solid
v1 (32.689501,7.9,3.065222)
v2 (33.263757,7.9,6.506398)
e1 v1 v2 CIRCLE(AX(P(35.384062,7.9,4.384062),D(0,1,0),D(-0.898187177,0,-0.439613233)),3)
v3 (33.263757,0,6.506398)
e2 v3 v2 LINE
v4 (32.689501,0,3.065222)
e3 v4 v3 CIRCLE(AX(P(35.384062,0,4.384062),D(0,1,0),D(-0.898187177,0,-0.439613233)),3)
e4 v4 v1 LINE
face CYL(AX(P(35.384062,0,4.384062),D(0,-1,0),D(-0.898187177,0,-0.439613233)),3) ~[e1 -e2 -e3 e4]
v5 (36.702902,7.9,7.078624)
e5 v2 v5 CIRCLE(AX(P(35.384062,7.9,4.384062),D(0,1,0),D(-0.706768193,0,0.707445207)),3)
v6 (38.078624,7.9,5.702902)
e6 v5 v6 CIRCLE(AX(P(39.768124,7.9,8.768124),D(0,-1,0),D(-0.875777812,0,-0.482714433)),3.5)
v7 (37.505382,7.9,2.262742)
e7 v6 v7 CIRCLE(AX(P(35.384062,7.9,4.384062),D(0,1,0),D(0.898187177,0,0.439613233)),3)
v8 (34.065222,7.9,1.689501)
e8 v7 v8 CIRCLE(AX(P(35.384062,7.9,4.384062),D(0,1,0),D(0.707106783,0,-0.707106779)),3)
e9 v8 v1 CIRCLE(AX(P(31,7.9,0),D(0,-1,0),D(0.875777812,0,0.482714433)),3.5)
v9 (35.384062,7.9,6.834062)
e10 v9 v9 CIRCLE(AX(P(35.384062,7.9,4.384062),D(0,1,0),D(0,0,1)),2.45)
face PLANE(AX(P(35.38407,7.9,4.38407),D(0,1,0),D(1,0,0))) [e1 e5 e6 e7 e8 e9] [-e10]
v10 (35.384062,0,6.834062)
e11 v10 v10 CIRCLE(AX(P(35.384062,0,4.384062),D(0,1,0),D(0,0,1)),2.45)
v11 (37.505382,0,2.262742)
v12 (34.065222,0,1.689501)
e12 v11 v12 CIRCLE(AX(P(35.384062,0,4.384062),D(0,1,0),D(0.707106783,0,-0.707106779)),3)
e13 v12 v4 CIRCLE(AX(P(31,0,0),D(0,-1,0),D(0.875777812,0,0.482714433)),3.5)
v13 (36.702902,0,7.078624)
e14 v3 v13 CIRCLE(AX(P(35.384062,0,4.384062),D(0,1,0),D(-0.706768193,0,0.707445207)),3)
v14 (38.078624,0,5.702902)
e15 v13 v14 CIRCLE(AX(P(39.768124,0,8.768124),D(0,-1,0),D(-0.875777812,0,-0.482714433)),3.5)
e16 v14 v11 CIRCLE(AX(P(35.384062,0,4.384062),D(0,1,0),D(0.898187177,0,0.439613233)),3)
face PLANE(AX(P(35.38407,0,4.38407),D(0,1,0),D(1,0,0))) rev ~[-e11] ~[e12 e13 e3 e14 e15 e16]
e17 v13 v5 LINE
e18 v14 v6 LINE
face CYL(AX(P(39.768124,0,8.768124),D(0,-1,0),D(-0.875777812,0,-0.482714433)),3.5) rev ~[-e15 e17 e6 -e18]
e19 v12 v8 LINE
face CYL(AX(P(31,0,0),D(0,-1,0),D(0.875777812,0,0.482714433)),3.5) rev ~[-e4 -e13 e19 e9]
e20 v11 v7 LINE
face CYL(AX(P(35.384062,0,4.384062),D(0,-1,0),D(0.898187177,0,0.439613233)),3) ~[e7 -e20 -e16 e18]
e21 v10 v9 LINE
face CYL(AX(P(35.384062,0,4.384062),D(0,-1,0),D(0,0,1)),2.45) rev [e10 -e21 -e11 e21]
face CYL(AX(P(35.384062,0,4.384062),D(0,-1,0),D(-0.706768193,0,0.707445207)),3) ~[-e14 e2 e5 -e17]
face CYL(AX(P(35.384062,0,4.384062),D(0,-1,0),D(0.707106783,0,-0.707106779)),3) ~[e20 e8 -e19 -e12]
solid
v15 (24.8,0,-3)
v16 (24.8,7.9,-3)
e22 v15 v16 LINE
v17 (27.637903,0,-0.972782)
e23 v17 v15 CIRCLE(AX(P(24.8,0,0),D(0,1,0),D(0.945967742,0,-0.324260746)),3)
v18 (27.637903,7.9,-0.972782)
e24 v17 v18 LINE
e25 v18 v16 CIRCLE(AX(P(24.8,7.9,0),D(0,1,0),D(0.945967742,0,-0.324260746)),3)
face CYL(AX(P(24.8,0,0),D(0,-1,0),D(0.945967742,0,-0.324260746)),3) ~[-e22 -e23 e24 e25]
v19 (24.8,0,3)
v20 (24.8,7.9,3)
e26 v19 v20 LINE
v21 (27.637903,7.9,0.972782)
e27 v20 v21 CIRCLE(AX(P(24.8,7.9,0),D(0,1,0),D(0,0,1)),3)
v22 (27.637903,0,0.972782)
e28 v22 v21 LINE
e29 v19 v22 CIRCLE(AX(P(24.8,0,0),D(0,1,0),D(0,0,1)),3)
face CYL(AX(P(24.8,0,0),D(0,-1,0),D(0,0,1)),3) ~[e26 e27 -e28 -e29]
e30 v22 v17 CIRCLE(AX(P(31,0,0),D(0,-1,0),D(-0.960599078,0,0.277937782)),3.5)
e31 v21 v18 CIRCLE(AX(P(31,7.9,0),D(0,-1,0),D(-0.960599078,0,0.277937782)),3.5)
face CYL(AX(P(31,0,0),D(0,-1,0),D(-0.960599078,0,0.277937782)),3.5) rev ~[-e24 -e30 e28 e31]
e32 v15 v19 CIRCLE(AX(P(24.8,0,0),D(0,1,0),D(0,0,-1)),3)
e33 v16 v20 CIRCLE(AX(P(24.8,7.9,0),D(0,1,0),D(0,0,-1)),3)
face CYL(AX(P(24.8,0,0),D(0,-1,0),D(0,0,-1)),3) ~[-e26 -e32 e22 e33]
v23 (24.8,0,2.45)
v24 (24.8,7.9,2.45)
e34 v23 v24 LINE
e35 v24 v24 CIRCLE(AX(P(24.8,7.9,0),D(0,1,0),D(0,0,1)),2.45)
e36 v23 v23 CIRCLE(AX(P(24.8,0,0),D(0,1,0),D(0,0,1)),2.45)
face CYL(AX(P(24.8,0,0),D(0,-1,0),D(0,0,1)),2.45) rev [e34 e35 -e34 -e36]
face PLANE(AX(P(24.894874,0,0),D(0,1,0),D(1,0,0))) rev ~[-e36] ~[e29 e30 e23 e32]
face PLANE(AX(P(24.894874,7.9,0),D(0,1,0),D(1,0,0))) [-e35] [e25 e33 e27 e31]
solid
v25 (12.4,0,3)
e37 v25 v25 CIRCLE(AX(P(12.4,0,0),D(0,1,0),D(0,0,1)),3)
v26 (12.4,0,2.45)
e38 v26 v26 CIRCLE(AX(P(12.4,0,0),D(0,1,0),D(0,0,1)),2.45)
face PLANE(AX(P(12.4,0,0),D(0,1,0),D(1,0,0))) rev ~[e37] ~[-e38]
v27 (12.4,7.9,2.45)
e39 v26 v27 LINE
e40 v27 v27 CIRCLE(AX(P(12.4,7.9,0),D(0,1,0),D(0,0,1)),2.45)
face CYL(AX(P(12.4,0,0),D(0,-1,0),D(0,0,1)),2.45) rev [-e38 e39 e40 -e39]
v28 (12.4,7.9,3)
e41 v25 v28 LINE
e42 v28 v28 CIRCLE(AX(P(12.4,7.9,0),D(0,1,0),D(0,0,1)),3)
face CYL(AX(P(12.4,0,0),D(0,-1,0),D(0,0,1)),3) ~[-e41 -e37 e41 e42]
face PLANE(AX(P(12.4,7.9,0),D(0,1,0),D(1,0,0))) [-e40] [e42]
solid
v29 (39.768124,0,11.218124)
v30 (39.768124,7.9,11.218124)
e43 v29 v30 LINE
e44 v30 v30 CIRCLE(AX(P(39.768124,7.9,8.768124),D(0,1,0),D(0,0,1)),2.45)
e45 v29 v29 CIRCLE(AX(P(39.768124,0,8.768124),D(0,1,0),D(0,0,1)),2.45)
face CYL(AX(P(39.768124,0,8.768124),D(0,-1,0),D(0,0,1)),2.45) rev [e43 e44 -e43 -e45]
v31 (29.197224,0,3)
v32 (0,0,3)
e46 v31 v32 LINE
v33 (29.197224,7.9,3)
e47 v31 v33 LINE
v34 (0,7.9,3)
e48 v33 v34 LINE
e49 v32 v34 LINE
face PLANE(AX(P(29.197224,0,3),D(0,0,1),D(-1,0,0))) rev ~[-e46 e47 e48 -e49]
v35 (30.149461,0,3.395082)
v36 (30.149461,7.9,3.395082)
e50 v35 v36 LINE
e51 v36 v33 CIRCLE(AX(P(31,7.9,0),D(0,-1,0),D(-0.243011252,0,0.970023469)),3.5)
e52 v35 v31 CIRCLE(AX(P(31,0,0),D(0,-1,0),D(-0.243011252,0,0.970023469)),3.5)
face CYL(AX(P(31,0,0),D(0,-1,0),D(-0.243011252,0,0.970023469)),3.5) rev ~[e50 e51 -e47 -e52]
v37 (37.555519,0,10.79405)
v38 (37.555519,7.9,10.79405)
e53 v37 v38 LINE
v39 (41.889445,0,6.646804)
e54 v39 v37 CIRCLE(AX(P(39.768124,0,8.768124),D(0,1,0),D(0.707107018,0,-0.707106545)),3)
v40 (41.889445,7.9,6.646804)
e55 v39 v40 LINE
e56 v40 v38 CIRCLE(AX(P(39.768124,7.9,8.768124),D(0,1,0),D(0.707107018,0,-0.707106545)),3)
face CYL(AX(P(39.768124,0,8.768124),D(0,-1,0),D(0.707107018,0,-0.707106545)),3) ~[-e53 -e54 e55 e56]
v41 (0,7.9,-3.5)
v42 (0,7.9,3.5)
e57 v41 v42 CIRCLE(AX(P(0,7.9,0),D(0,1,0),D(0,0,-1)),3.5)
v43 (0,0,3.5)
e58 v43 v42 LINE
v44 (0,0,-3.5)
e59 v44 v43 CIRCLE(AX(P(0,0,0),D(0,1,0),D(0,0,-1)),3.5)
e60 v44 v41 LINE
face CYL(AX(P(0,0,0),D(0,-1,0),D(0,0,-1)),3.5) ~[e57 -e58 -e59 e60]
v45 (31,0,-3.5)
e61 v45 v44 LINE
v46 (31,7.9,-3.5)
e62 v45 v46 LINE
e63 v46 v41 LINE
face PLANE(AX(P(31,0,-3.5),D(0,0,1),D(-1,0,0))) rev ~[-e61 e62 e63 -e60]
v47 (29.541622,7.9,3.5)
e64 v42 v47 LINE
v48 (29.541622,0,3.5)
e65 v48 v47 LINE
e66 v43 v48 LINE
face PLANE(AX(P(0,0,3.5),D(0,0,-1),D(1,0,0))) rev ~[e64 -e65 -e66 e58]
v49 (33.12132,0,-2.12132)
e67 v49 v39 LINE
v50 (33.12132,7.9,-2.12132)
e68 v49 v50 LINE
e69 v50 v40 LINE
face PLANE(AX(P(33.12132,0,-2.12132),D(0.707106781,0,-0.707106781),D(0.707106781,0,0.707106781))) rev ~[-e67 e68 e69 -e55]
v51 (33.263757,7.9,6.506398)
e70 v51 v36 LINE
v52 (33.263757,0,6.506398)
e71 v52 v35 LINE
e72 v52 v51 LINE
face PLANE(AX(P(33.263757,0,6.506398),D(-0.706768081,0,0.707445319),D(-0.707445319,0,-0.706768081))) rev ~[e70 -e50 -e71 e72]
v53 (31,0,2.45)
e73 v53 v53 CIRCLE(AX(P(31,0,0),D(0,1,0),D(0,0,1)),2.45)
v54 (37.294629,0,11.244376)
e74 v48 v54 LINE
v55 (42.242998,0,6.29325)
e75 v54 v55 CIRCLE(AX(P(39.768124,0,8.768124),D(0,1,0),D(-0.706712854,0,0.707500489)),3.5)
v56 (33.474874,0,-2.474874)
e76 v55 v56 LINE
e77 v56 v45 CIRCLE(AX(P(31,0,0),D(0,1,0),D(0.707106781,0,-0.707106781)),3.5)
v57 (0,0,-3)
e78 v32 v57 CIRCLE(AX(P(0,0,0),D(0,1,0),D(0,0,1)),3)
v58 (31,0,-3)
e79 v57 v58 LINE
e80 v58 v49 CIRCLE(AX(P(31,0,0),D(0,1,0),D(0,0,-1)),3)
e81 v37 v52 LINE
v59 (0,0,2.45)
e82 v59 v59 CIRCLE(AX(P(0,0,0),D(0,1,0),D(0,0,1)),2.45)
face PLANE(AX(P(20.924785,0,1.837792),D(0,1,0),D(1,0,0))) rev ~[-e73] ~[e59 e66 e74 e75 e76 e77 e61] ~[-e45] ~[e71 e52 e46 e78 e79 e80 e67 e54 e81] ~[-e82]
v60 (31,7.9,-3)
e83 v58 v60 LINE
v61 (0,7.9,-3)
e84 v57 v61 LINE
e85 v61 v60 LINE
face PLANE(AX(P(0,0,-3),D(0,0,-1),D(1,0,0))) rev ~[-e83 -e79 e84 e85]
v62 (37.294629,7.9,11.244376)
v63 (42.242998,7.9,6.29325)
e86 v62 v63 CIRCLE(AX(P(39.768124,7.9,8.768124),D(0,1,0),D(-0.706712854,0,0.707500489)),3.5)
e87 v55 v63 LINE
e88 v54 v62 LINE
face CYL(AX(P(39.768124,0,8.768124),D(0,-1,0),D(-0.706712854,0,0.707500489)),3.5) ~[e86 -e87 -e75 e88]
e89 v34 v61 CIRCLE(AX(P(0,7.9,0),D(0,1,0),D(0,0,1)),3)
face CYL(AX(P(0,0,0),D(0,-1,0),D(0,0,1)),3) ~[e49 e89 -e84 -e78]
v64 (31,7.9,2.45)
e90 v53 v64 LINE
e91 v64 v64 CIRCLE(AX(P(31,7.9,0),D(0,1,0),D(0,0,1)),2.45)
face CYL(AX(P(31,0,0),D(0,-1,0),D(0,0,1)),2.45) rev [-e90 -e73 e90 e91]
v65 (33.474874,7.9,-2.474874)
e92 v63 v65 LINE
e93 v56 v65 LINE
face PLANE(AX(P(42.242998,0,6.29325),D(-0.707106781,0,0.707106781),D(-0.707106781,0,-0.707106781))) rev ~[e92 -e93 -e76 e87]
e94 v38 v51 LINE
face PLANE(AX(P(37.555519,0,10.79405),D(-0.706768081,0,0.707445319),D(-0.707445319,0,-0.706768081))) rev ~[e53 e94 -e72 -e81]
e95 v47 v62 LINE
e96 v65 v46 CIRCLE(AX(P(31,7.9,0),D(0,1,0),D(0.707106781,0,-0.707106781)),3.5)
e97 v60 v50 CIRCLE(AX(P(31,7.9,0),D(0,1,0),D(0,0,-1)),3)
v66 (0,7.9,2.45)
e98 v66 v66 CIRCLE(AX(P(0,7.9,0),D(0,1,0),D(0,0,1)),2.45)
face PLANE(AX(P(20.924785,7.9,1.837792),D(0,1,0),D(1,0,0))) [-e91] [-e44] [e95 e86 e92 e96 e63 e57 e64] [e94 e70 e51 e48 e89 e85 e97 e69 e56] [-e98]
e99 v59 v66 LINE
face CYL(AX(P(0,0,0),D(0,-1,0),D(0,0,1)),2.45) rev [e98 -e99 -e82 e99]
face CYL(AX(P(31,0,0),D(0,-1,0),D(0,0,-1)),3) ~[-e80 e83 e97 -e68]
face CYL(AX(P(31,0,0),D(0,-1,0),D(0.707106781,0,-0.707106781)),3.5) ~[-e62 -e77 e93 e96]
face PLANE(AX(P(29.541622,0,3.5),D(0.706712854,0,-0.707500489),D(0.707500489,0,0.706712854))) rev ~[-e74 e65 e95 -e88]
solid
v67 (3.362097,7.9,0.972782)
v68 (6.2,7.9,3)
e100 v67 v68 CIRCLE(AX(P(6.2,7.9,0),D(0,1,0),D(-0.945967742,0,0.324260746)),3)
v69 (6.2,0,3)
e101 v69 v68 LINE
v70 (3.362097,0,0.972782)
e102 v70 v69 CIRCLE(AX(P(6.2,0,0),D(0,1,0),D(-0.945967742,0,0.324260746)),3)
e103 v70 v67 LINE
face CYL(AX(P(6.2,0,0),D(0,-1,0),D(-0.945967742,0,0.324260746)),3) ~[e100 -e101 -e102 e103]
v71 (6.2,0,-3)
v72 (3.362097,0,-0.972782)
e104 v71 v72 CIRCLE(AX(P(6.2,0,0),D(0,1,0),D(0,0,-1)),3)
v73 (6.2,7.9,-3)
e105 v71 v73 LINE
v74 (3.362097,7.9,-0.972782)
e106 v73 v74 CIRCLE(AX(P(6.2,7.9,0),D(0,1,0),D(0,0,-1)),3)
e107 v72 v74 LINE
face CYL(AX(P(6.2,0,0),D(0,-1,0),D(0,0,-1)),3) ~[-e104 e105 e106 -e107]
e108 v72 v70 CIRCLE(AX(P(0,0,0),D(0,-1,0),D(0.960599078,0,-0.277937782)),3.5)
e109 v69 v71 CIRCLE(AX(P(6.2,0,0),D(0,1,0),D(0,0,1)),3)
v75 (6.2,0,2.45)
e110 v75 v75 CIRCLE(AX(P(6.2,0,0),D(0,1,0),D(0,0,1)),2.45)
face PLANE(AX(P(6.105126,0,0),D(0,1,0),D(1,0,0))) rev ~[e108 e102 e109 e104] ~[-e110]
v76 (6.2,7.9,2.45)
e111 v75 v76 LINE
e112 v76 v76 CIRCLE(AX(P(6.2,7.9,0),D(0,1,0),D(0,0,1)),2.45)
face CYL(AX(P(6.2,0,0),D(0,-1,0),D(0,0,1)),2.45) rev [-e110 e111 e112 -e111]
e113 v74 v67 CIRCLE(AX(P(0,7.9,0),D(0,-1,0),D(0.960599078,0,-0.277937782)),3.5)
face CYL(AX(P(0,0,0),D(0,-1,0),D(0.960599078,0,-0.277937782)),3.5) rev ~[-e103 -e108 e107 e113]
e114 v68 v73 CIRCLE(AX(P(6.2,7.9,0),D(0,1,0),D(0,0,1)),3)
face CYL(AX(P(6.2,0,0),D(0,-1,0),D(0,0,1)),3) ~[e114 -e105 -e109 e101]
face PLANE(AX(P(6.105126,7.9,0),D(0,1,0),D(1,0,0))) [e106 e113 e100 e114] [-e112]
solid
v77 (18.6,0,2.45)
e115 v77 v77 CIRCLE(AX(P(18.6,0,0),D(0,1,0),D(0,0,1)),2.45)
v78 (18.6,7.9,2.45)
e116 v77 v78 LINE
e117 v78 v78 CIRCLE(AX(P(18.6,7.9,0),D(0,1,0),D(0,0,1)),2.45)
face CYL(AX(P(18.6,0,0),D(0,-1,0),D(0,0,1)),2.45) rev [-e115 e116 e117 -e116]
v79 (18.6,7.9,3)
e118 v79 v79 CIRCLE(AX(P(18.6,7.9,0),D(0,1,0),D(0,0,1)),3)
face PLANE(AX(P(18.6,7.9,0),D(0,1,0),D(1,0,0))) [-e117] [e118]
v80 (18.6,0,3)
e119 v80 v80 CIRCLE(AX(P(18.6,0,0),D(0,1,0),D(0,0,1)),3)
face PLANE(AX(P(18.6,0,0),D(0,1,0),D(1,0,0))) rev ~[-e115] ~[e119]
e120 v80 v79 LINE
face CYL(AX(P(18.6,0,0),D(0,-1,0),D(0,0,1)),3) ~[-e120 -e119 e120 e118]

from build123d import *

# Parameters (mm, degrees)
SKETCH1_R             = 2.45
BOSS_EXTRUDE1_DEPTH   = 7.9
BOSS_EXTRUDE1_2_DEPTH = 7.9
BOSS_EXTRUDE1_3_DEPTH = 7.9
BOSS_EXTRUDE1_4_DEPTH = 7.9
BOSS_EXTRUDE1_5_DEPTH = 7.9
BOSS_EXTRUDE1_6_DEPTH = 7.9


with BuildPart() as part:
    # Sketch1 → Boss-Extrude1 (new body)
    with BuildSketch(Plane(origin=(0, 0, 0), x_dir=(1, 0, 0), z_dir=(0, 1, 0))):
        with BuildLine():
            ThreePointArc((3.362096774, 0.972782237), (3.5, 0), (3.362096774, -0.972782237))
            ThreePointArc((3.362096774, -0.972782237), (4.456203382, -2.441141814), (6.2, -3))
            ThreePointArc((6.2, -3), (9.2, 0), (6.2, 3))
            ThreePointArc((6.2, 3), (4.456203382, 2.441141814), (3.362096774, 0.972782237))
        make_face()
        with Locations(Location((6.2, 0, 0), (0, 0, 270))):
            Circle(SKETCH1_R, mode=Mode.SUBTRACT)
    extrude(amount=BOSS_EXTRUDE1_DEPTH)


with BuildPart() as body_2:
    # Sketch1 → Boss-Extrude1 2 (new body)
    with BuildSketch(Plane(origin=(0, 0, 0), x_dir=(1, 0, 0), z_dir=(0, 1, 0))):
        with BuildLine():
            ThreePointArc((12.4, 3), (9.4, 0), (12.4, -3))
            ThreePointArc((12.4, -3), (15.4, 0), (12.4, 3))
        make_face()
        with Locations(Location((12.4, 0, 0), (0, 0, 270))):
            Circle(SKETCH1_R, mode=Mode.SUBTRACT)
    extrude(amount=BOSS_EXTRUDE1_2_DEPTH)


with BuildPart() as body_3:
    # Sketch1 → Boss-Extrude1 3 (new body)
    with BuildSketch(Plane(origin=(0, 0, 0), x_dir=(1, 0, 0), z_dir=(0, 1, 0))):
        with BuildLine():
            Line((42.242997821, -6.293250353), (33.474873734, 2.474873734))
            ThreePointArc((33.474873734, 2.474873734), (32.339392013, 3.233578364), (31, 3.5))
            Line((31, 3.5), (0, 3.5))
            ThreePointArc((0, 3.5), (-3.5, 0), (0, -3.5))
            Line((0, -3.5), (29.541622158, -3.5))
            Line((29.541622158, -3.5), (37.294629097, -11.244375798))
            ThreePointArc((37.294629097, -11.244375798), (42.243686905, -11.242308545), (42.242997821, -6.293250353))
        make_face()
        with Locations(Location((39.768124087, -8.768124087, 0), (0, 0, 270))):
            Circle(SKETCH1_R, mode=Mode.SUBTRACT)
        with Locations(Location((0, 0, 0), (0, 0, 270))):
            Circle(SKETCH1_R, mode=Mode.SUBTRACT)
        with BuildLine():
            Line((6.2, 3), (12.4, 3))
            Line((12.4, 3), (18.6, 3))
            Line((18.6, 3), (24.8, 3))
            Line((24.8, 3), (31, 3))
            ThreePointArc((31, 3), (29.851949677, -2.771638587), (33.121320383, 2.121320304))
            Line((33.121320383, 2.121320304), (37.505382392, -2.262741705))
            Line((37.505382392, -2.262741705), (41.889445139, -6.646804452))
            ThreePointArc((41.889445139, -6.646804452), (37.693998863, -6.600636011), (37.555518704, -10.794050398))
            Line((37.555518704, -10.794050398), (33.263757463, -6.506397664))
            Line((33.263757463, -6.506397664), (30.149460625, -3.395082145))
            ThreePointArc((30.149460625, -3.395082145), (29.658716058, -3.232794052), (29.197224362, -3))
            Line((29.197224362, -3), (24.8, -3))
            Line((24.8, -3), (18.6, -3))
            Line((18.6, -3), (12.4, -3))
            Line((12.4, -3), (6.2, -3))
            Line((6.2, -3), (0, -3))
            ThreePointArc((0, -3), (3, 0), (0, 3))
            Line((0, 3), (6.2, 3))
        make_face(mode=Mode.SUBTRACT)
        with Locations(Location((31, 0, 0), (0, 0, 270))):
            Circle(SKETCH1_R, mode=Mode.SUBTRACT)
    extrude(amount=BOSS_EXTRUDE1_3_DEPTH)


with BuildPart() as body_4:
    # Sketch1 → Boss-Extrude1 4 (new body)
    with BuildSketch(Plane(origin=(0, 0, 0), x_dir=(1, 0, 0), z_dir=(0, 1, 0))):
        with BuildLine():
            ThreePointArc((18.6, 3), (15.6, 0), (18.6, -3))
            ThreePointArc((18.6, -3), (21.6, 0), (18.6, 3))
        make_face()
        with Locations(Location((18.6, 0, 0), (0, 0, 270))):
            Circle(SKETCH1_R, mode=Mode.SUBTRACT)
    extrude(amount=BOSS_EXTRUDE1_4_DEPTH)


with BuildPart() as body_5:
    # Sketch1 → Boss-Extrude1 5 (new body)
    with BuildSketch(Plane(origin=(0, 0, 0), x_dir=(1, 0, 0), z_dir=(0, 1, 0))):
        with BuildLine():
            ThreePointArc((27.637903226, 0.972782237), (26.543796618, 2.441141814), (24.8, 3))
            ThreePointArc((24.8, 3), (21.8, 0), (24.8, -3))
            ThreePointArc((24.8, -3), (26.543796618, -2.441141814), (27.637903226, -0.972782237))
            ThreePointArc((27.637903226, -0.972782237), (27.5, 0), (27.637903226, 0.972782237))
        make_face()
        with Locations(Location((24.8, 0, 0), (0, 0, 270))):
            Circle(SKETCH1_R, mode=Mode.SUBTRACT)
    extrude(amount=BOSS_EXTRUDE1_5_DEPTH)


with BuildPart() as body_6:
    # Sketch1 → Boss-Extrude1 6 (new body)
    with BuildSketch(Plane(origin=(0, 0, 0), x_dir=(1, 0, 0), z_dir=(0, 1, 0))):
        with BuildLine():
            ThreePointArc((32.689500512, -3.065222345), (32.424981812, -4.877867861), (33.263757463, -6.506397664))
            ThreePointArc((33.263757463, -6.506397664), (34.891672855, -7.34337833), (36.702901742, -7.078623575))
            ThreePointArc((36.702901742, -7.078623575), (37.293250353, -6.293250353), (38.078623575, -5.702901742))
            ThreePointArc((38.078623575, -5.702901742), (38.343260388, -3.89096453), (37.505382392, -2.262741705))
            ThreePointArc((37.505382392, -2.262741705), (35.877159564, -1.4248637), (34.065222345, -1.689500512))
            ThreePointArc((34.065222345, -1.689500512), (33.474873734, -2.474873734), (32.689500512, -3.065222345))
        make_face()
        with Locations(Location((35.384062043, -4.384062043, 0), (0, 0, 270))):
            Circle(SKETCH1_R, mode=Mode.SUBTRACT)
    extrude(amount=BOSS_EXTRUDE1_6_DEPTH)


solid = Compound([part.part, body_2.part, body_3.part, body_4.part, body_5.part, body_6.part])
